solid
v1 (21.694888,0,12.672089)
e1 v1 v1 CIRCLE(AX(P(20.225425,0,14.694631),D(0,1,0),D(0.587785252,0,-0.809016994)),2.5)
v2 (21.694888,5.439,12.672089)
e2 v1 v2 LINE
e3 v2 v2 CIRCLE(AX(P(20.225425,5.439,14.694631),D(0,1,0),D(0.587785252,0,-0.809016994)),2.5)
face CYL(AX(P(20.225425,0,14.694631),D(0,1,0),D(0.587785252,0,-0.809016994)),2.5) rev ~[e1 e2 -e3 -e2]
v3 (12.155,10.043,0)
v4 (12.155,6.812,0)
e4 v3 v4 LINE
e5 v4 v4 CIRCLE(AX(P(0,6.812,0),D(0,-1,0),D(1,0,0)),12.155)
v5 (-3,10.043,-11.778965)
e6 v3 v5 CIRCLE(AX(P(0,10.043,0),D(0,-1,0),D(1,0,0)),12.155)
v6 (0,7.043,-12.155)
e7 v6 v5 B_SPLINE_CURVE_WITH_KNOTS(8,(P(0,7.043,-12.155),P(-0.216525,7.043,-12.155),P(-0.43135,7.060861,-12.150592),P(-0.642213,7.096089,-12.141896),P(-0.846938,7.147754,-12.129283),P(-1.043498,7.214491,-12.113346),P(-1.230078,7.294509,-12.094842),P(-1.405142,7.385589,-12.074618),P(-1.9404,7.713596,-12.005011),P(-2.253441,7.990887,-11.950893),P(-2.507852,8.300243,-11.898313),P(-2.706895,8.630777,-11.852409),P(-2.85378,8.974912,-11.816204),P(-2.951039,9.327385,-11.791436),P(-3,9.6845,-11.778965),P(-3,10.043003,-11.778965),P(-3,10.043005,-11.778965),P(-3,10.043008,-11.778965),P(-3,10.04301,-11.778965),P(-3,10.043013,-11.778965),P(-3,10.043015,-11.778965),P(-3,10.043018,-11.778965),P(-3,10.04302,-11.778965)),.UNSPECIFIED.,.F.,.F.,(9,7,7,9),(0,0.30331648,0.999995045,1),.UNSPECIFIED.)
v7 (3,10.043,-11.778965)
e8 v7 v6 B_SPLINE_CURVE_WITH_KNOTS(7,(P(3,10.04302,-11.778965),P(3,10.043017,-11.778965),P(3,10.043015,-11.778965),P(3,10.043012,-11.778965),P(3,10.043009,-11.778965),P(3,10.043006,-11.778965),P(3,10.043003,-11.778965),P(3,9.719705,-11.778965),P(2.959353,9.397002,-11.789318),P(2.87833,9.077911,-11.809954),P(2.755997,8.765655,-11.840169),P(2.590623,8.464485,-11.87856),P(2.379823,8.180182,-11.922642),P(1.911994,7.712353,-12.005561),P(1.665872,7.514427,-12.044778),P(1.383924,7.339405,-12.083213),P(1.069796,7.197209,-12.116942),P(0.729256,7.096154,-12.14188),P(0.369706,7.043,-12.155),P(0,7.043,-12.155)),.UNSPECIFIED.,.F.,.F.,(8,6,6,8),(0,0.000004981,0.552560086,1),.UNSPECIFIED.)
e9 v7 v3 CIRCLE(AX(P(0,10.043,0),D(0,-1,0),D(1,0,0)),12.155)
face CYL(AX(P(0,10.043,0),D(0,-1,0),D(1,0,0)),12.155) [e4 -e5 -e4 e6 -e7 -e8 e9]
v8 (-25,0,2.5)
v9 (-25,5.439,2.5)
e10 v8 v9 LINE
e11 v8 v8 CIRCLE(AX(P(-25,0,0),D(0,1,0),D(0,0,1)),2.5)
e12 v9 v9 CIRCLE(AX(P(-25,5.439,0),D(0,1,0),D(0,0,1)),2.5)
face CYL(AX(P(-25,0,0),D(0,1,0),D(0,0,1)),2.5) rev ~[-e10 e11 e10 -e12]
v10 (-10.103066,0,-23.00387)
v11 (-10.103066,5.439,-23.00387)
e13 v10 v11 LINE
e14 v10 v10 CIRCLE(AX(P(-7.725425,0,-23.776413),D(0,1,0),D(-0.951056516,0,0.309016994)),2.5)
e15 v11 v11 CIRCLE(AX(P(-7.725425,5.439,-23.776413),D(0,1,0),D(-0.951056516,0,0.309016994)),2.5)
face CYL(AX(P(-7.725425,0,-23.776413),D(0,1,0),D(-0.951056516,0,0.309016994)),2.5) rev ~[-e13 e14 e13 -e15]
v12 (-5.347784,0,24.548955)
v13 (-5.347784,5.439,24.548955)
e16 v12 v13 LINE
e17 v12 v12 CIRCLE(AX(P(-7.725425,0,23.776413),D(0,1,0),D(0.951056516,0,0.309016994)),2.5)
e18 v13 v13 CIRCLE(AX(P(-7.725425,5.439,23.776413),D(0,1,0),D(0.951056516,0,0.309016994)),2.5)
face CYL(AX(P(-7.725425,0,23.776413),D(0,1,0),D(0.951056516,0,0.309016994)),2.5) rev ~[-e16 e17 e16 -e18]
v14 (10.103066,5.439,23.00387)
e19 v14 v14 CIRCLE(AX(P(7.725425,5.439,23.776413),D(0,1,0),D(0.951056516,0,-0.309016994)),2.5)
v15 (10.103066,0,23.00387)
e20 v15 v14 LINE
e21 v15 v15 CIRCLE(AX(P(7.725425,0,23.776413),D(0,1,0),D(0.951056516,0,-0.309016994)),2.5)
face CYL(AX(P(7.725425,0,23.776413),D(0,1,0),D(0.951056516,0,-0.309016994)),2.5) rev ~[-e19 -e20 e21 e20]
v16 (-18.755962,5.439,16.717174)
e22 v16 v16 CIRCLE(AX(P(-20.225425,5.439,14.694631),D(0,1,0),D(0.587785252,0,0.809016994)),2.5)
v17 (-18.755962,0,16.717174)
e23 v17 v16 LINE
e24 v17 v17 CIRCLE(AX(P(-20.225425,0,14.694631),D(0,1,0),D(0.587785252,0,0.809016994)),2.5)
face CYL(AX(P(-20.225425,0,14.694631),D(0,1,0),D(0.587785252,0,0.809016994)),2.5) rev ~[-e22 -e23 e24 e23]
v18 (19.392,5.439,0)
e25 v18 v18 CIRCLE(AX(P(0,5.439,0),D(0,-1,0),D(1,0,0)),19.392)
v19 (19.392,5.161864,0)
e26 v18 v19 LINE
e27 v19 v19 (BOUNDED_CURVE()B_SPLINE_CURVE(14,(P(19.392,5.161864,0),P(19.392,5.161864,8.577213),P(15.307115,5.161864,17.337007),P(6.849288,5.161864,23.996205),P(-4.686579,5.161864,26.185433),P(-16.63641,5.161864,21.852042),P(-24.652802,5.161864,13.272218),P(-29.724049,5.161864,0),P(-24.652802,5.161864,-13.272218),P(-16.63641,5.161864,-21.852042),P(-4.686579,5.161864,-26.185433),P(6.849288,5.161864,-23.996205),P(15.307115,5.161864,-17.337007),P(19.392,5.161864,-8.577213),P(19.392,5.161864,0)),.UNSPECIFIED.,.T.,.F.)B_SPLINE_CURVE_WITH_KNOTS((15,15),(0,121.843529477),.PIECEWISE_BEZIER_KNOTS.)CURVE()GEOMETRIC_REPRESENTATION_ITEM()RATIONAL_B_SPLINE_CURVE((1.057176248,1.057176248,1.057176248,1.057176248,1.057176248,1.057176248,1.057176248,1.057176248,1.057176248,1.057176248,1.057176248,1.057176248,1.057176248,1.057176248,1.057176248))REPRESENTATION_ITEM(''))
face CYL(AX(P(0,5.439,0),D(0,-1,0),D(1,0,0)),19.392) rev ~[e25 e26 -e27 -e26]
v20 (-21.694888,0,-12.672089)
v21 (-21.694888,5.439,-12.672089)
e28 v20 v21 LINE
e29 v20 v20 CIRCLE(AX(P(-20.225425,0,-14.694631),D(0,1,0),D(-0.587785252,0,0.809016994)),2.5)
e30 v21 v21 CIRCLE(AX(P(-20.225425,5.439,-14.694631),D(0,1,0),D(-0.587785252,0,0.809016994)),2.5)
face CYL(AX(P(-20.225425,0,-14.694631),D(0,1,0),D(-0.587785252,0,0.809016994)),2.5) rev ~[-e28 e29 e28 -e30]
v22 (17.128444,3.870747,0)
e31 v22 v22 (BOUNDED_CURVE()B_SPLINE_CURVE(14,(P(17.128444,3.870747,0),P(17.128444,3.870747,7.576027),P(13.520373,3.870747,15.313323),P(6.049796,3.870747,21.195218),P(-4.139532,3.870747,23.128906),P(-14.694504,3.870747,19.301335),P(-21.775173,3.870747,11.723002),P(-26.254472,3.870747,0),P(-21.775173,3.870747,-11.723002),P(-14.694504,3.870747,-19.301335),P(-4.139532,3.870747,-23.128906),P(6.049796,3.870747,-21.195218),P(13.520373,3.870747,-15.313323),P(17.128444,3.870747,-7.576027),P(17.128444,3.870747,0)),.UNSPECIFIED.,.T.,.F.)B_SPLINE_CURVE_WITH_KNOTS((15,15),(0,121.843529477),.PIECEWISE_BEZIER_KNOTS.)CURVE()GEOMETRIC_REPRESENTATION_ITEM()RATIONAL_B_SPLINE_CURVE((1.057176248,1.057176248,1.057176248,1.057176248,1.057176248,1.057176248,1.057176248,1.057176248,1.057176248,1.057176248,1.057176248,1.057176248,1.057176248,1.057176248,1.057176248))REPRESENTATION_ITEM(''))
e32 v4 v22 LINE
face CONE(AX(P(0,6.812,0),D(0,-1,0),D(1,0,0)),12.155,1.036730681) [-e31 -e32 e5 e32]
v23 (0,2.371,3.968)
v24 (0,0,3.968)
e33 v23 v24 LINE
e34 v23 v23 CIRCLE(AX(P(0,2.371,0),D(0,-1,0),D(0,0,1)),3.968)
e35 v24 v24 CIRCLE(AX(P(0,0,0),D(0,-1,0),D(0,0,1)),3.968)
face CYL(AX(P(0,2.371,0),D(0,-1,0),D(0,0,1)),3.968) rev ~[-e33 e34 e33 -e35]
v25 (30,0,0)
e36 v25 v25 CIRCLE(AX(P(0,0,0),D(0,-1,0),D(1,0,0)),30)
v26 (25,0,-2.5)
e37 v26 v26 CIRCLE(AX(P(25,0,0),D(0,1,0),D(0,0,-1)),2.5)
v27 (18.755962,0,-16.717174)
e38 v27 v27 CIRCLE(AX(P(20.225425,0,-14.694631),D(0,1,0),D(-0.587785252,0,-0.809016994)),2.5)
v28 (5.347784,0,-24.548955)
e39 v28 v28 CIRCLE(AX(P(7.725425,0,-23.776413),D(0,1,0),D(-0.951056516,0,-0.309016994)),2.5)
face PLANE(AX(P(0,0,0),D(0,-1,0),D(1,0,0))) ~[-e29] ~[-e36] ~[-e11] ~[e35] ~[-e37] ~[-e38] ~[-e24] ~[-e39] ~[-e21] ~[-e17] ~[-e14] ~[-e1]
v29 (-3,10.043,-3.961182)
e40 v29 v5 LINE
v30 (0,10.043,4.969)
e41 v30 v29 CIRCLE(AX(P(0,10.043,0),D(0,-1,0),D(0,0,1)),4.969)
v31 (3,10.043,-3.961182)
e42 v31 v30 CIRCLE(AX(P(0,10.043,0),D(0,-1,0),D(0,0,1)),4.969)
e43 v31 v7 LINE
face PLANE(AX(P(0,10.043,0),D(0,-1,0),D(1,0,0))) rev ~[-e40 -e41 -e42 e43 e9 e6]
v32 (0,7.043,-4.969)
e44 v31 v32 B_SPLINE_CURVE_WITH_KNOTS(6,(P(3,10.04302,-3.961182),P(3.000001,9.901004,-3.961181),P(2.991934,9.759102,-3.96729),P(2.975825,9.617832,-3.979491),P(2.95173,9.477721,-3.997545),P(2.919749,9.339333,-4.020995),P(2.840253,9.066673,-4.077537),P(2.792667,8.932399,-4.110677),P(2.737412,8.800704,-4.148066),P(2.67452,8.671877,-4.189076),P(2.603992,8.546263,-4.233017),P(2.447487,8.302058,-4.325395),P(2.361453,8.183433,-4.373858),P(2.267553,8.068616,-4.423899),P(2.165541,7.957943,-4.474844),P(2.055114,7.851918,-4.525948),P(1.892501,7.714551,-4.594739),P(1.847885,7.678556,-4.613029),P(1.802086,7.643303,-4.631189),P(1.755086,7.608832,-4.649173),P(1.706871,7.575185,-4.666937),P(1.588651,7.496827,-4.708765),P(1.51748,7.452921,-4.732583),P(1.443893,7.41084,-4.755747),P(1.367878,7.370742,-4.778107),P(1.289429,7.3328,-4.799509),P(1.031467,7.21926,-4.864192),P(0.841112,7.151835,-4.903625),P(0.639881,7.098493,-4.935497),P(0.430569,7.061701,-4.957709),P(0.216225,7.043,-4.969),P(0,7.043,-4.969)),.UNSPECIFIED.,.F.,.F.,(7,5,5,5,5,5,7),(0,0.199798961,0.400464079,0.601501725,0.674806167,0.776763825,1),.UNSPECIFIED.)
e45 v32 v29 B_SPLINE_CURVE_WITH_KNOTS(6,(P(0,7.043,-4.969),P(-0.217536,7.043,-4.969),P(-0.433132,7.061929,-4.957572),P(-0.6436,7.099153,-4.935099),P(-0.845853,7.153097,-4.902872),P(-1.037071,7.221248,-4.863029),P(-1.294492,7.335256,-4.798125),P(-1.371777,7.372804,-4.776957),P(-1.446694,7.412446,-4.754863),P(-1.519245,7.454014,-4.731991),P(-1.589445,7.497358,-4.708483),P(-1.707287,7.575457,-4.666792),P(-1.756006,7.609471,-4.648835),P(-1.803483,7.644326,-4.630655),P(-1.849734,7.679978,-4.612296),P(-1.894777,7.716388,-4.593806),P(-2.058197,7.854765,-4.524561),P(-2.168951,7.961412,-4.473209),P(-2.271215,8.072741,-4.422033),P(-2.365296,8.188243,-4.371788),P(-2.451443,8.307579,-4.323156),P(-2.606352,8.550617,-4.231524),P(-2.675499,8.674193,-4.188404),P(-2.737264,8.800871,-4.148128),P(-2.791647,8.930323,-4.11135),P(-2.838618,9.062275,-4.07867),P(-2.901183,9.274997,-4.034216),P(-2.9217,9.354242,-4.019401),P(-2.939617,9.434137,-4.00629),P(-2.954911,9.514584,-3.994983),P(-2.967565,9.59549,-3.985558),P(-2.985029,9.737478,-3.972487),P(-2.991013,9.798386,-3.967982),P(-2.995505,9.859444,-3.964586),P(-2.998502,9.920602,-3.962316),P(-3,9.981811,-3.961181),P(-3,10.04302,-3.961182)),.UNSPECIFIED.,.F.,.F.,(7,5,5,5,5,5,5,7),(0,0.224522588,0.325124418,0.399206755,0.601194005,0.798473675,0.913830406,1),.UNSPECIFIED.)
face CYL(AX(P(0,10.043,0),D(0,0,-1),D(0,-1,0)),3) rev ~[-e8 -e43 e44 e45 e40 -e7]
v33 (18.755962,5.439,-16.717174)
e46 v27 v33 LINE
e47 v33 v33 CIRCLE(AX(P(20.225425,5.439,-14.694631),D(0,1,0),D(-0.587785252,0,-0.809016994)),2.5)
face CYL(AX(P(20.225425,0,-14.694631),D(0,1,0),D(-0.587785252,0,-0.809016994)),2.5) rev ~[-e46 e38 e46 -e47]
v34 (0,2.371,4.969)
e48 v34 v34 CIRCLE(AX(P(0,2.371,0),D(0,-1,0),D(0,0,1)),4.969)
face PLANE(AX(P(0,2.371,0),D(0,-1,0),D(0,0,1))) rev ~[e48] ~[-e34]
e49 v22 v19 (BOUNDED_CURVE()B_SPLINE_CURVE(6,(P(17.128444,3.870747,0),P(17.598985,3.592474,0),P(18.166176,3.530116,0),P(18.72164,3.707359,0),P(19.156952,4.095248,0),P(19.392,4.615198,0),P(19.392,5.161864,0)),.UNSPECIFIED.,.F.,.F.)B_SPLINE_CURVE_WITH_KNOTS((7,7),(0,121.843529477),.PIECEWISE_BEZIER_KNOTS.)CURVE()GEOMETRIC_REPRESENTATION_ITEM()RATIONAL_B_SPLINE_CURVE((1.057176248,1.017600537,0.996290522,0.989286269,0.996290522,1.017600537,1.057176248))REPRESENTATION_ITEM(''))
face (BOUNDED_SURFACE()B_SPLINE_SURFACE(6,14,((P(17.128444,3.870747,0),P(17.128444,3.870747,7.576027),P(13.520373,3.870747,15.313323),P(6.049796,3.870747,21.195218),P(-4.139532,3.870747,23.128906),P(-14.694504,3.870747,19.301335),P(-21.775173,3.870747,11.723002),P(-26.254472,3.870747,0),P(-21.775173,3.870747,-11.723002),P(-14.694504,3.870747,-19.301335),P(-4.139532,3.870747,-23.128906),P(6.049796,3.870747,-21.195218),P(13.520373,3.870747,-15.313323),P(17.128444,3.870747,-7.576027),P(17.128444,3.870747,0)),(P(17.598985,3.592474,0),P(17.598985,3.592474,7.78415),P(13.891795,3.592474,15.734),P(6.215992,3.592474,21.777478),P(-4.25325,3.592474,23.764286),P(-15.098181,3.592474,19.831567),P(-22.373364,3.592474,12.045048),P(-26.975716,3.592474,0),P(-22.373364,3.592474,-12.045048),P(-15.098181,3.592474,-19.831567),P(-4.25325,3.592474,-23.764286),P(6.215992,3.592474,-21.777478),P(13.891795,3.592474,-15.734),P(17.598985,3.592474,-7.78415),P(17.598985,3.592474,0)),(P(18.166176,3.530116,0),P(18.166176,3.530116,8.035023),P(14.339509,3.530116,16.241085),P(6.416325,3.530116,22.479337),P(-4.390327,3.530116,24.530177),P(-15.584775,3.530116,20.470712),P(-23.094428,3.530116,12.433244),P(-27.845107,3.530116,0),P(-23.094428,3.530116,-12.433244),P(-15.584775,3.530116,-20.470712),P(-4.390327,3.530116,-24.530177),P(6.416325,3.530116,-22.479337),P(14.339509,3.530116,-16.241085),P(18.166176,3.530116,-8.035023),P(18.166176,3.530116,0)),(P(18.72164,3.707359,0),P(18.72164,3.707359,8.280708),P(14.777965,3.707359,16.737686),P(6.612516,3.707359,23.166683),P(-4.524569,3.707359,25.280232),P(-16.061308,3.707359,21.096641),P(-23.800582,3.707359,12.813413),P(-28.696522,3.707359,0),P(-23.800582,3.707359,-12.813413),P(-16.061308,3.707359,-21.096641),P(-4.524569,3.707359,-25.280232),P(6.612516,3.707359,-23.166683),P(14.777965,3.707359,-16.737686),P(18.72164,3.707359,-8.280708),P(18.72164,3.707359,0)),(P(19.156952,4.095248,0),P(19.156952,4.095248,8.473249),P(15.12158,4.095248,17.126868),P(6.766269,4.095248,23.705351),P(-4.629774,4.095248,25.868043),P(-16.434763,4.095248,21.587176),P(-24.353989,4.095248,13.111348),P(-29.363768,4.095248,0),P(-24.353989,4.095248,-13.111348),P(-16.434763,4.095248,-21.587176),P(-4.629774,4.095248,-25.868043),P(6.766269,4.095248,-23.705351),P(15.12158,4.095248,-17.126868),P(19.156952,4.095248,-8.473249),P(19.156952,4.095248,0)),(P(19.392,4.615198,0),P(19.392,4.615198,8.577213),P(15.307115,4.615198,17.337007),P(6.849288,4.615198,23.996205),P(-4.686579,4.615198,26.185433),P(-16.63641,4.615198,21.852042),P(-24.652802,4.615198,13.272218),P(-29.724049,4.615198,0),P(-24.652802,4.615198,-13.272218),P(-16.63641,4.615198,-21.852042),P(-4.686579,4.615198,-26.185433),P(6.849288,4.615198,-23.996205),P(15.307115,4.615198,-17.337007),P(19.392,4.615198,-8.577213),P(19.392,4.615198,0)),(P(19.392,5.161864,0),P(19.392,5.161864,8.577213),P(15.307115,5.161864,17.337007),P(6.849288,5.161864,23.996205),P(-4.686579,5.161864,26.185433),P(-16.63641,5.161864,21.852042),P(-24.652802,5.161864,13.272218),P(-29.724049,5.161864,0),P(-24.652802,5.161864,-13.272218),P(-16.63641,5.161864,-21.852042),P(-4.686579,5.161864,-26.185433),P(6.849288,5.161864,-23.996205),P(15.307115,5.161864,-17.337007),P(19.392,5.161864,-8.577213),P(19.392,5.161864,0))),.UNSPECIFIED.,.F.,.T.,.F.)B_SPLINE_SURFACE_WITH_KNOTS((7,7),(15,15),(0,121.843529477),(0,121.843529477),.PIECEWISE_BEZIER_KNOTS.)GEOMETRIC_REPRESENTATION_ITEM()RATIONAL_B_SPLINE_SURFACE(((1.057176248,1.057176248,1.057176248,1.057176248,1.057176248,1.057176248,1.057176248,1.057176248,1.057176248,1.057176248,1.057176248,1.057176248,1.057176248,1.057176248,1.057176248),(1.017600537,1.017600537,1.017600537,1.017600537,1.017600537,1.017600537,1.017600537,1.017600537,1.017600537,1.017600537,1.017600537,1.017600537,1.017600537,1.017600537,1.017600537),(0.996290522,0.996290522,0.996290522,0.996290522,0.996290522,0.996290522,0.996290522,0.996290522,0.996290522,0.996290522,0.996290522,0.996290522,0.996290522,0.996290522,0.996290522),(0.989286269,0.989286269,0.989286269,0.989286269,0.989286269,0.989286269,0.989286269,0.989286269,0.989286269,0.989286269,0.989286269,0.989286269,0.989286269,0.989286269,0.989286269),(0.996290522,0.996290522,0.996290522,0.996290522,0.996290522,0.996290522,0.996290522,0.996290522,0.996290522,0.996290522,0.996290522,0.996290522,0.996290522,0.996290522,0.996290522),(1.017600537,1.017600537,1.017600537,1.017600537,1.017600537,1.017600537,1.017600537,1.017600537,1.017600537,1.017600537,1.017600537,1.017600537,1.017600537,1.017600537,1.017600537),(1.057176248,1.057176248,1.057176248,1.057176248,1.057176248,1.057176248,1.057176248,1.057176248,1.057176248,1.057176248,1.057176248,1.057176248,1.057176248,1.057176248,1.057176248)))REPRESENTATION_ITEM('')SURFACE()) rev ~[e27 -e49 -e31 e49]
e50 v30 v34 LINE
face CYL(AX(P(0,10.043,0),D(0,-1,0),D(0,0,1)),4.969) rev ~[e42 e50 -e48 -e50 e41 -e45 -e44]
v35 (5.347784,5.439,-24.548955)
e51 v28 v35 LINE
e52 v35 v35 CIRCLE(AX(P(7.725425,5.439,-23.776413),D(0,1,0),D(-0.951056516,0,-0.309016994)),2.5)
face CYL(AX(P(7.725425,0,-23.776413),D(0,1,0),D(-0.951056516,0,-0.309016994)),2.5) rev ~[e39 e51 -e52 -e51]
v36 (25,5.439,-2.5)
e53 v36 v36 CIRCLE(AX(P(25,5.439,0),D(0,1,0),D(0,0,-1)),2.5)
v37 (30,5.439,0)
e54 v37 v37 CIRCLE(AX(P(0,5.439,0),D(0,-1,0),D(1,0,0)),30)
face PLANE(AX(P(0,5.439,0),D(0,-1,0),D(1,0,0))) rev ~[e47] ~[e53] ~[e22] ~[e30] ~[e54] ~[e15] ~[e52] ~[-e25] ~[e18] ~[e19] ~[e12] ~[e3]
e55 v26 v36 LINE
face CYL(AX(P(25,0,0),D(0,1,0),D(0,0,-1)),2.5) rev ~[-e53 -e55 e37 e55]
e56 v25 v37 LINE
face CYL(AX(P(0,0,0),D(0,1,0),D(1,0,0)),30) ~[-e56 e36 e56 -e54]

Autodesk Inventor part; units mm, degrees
ref_plane "YZ Plane" through (0, 0, 0) normal (1, 0, 0) x (0, 1, 0)
ref_plane "XZ Plane" through (0, 0, 0) normal (0, 1, 0) x (-1, 0, 0)
ref_plane "XY Plane" through (0, 0, 0) normal (0, 0, 1) x (1, 0, 0)
sketch "Sketch1" plane through (0, 0, 0) normal (0, 0, 1) x (1, 0, 0)
  line L0 (30, 0) -> (30, 5.439)
  line L1 (30, 5.439) -> (19.392, 5.439)
  line L2 (19.392, 5.439) -> (19.392, 2.5321)
  line L3 (12.155, 10.043) -> (0, 10.043)
  line L4 (0, 10.043) -> (0, 0)
  line L5 (0, 0) -> (30, 0)
  line L6 (12.155, 10.043) -> (12.155, 6.812)
  line L7 (12.155, 6.812) -> (19.392, 2.5321)
  dimension "d1" = 30
  dimension "d2" = 10.043
  dimension "d3" = 5.439
  dimension "d4" = 10.608
  dimension "d5" = 3.231
  dimension "d6" = 120.6
  dimension "d7" = 17.845
revolve "Revolution1" add sketch "Sketch1" angle 360 about axis through (0, 10.043, 0) along (0, -1, 0)
fillet "Fillet1" radius 1.5 1 edges at (-19.392, 2.5321, 0)
sketch "Sketch2" plane through (0, 0, 0) normal (0, -1, 0) x (1, 0, 0)
  circle A0 centre (0, 0) radius 30 projected
  point P0 (25, 0)
  dimension "d10" = 25
hole "Hole1" at (25, 0, 0) direction (0, 1, 0) diameter 5 end through all
pattern_circular "Circular Pattern1" count 10 over 360 about axis through (0, -10, 0) along (0, 1, 0) of "Hole1"
sketch "Sketch3" plane through (0, 10.043, 0) normal (0, 1, 0) x (1, 0, 0)
  circle A0 centre (0, 0) radius 12.155 projected
hole "Hole2" at (0, 10.043, 0) direction (0, -1, 0) diameter 7.936 end through all counterbore diameter 9.938 counterbore depth 7.672
sketch "Sketch4" plane through (0, 0, 0) normal (0, 0, 1) x (1, 0, 0)
  line L0 (-12.155, 10.043) -> (12.155, 10.043) construction
  line L1 (0, -6.974) -> (0, 27.06) construction
  point P0 (0, 10.043)
hole "Hole3" at (0, 10.043, 0) direction (0, 0, -1) diameter 6 end through all
properties part number "212-04" material "Steel, Alloy"
